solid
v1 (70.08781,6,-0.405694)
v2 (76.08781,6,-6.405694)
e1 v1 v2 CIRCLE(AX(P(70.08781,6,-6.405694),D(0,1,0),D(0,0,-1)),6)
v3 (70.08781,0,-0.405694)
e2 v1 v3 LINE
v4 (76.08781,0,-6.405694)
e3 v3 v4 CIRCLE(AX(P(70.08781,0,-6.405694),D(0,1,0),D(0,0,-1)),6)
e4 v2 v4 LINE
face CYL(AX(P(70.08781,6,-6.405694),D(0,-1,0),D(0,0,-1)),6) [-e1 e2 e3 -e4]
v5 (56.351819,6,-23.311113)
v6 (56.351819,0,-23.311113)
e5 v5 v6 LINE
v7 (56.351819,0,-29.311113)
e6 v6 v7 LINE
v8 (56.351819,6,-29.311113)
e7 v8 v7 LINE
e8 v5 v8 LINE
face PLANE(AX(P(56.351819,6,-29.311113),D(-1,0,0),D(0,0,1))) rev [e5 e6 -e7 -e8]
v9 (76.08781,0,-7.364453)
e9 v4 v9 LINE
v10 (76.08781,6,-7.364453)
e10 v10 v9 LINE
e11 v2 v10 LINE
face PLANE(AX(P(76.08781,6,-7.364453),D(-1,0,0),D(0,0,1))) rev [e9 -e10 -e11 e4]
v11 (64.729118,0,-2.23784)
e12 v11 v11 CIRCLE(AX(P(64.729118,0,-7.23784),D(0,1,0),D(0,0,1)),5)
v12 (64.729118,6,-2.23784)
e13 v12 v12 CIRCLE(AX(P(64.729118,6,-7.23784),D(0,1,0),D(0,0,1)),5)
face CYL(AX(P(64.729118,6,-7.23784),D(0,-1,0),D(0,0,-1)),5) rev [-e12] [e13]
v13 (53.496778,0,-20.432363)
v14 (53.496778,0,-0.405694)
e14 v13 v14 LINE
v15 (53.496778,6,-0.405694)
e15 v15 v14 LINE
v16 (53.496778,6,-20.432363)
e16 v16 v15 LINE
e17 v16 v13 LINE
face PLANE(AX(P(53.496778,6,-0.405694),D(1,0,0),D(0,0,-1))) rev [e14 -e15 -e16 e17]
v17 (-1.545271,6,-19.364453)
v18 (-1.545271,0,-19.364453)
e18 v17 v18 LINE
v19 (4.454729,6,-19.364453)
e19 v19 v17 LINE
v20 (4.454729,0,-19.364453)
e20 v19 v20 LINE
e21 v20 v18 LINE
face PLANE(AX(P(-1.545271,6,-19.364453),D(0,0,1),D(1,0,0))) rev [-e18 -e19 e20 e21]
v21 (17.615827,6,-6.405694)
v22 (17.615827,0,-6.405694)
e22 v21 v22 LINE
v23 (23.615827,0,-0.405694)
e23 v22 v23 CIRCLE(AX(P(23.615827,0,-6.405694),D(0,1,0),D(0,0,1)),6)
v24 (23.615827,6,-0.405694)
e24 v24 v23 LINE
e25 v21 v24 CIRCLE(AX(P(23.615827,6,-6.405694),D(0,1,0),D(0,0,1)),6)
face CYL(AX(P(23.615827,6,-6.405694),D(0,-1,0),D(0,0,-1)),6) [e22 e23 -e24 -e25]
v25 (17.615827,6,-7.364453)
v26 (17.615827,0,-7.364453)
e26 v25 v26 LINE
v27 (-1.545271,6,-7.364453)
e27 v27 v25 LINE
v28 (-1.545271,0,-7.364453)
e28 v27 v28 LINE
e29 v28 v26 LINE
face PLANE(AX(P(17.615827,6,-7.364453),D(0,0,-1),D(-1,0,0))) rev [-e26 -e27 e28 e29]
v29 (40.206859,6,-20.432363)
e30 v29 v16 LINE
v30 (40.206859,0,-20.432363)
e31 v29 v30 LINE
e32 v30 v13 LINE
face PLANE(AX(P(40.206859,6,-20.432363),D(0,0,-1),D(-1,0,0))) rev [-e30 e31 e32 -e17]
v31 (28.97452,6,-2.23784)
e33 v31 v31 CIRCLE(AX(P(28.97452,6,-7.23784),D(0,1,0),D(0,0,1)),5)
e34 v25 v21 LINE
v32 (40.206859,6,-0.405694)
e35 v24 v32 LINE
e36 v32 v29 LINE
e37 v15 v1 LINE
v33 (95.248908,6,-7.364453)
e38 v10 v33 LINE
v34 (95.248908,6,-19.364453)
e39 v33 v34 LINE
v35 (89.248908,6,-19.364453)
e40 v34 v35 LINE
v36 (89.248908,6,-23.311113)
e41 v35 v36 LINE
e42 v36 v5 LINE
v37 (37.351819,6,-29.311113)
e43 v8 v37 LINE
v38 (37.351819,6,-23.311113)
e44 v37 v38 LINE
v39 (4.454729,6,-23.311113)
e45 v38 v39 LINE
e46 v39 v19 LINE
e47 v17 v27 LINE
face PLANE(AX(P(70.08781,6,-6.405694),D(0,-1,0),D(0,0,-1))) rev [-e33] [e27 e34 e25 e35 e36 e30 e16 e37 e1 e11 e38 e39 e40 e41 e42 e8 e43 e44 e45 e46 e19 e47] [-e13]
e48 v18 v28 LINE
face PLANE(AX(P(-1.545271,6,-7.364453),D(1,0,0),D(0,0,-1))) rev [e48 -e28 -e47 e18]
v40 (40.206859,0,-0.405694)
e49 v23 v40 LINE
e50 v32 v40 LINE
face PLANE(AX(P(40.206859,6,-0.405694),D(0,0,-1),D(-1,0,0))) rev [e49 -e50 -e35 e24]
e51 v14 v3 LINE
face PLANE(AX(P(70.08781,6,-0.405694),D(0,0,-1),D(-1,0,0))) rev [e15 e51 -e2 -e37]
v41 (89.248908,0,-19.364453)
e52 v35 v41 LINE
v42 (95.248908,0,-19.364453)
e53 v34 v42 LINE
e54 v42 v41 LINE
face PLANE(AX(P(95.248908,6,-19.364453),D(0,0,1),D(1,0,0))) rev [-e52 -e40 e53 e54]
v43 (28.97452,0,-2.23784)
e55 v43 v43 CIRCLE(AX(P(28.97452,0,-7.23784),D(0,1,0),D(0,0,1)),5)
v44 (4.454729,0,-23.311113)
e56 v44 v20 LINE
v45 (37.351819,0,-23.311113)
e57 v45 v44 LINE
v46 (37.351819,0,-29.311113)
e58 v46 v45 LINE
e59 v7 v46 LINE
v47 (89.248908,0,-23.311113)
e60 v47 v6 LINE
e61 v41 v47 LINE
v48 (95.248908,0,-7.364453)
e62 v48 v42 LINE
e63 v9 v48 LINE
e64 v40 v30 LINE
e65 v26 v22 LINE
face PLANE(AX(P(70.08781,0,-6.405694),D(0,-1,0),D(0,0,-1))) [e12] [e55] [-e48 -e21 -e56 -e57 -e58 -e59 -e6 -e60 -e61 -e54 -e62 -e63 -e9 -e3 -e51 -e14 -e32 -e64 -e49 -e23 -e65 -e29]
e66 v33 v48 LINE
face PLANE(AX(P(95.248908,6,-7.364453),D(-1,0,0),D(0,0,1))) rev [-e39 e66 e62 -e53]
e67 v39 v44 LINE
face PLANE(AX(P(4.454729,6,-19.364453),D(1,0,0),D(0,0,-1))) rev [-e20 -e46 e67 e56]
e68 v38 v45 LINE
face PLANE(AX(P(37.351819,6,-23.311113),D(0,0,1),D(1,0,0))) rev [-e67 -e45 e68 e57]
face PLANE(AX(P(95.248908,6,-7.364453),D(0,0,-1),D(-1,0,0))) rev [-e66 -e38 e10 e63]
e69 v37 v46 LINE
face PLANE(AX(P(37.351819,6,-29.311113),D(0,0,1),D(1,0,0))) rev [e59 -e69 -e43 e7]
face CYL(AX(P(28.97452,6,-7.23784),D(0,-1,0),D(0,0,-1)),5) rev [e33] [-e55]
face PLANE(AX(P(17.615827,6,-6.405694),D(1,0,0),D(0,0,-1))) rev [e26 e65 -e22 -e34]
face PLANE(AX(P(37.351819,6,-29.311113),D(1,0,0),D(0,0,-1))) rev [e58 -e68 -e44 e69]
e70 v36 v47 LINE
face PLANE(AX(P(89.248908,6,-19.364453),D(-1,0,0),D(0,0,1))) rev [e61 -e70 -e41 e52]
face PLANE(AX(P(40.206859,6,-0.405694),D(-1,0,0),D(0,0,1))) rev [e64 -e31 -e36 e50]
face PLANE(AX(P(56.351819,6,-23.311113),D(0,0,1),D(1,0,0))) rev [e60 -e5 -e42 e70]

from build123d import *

# Parameters (mm, degrees)
SKETCH1_R           = 5
BOSS_EXTRUDE1_DEPTH = 6


with BuildPart() as part:
    # Sketch1 → Boss-Extrude1 (new body)
    with BuildSketch(Plane(origin=(0, 0, 0), x_dir=(1, 0, 0), z_dir=(0, 1, 0))):
        with BuildLine():
            Line((17.615827491, 6.405693798), (17.615827491, 7.364453077))
            Line((17.615827491, 7.364453077), (-1.545270838, 7.364453077))
            Line((-1.545270838, 7.364453077), (-1.545270838, 19.364453077))
            Line((-1.545270838, 19.364453077), (4.454729162, 19.364453077))
            Line((4.454729162, 19.364453077), (4.454729162, 23.311113477))
            Line((4.454729162, 23.311113477), (37.351818757, 23.311113477))
            Line((37.351818757, 23.311113477), (37.351818757, 29.311113477))
            Line((37.351818757, 29.311113477), (56.351818757, 29.311113477))
            Line((56.351818757, 29.311113477), (56.351818757, 23.311113477))
            Line((56.351818757, 23.311113477), (89.248908352, 23.311113477))
            Line((89.248908352, 23.311113477), (89.248908352, 19.364453077))
            Line((89.248908352, 19.364453077), (95.248908352, 19.364453077))
            Line((95.248908352, 19.364453077), (95.248908352, 7.364453077))
            Line((95.248908352, 7.364453077), (76.087810024, 7.364453077))
            Line((76.087810024, 7.364453077), (76.087810024, 6.405693798))
            ThreePointArc((76.087810024, 6.405693798), (74.330450711, 2.163053111), (70.087810024, 0.405693798))
            Line((70.087810024, 0.405693798), (53.496778433, 0.405693798))
            Line((53.496778433, 0.405693798), (53.496778433, 20.432362651))
            Line((53.496778433, 20.432362651), (40.206859082, 20.432362651))
            Line((40.206859082, 20.432362651), (40.206859082, 0.405693798))
            Line((40.206859082, 0.405693798), (23.615827491, 0.405693798))
            ThreePointArc((23.615827491, 0.405693798), (19.373186804, 2.163053111), (17.615827491, 6.405693798))
        make_face()
        with Locations(Location((28.974519722, 7.237839647, 0), (0, 0, 270))):
            Circle(SKETCH1_R, mode=Mode.SUBTRACT)
        with Locations(Location((64.729117792, 7.237839647, 0), (0, 0, 270))):
            Circle(SKETCH1_R, mode=Mode.SUBTRACT)
    extrude(amount=BOSS_EXTRUDE1_DEPTH)


solid = part.part
